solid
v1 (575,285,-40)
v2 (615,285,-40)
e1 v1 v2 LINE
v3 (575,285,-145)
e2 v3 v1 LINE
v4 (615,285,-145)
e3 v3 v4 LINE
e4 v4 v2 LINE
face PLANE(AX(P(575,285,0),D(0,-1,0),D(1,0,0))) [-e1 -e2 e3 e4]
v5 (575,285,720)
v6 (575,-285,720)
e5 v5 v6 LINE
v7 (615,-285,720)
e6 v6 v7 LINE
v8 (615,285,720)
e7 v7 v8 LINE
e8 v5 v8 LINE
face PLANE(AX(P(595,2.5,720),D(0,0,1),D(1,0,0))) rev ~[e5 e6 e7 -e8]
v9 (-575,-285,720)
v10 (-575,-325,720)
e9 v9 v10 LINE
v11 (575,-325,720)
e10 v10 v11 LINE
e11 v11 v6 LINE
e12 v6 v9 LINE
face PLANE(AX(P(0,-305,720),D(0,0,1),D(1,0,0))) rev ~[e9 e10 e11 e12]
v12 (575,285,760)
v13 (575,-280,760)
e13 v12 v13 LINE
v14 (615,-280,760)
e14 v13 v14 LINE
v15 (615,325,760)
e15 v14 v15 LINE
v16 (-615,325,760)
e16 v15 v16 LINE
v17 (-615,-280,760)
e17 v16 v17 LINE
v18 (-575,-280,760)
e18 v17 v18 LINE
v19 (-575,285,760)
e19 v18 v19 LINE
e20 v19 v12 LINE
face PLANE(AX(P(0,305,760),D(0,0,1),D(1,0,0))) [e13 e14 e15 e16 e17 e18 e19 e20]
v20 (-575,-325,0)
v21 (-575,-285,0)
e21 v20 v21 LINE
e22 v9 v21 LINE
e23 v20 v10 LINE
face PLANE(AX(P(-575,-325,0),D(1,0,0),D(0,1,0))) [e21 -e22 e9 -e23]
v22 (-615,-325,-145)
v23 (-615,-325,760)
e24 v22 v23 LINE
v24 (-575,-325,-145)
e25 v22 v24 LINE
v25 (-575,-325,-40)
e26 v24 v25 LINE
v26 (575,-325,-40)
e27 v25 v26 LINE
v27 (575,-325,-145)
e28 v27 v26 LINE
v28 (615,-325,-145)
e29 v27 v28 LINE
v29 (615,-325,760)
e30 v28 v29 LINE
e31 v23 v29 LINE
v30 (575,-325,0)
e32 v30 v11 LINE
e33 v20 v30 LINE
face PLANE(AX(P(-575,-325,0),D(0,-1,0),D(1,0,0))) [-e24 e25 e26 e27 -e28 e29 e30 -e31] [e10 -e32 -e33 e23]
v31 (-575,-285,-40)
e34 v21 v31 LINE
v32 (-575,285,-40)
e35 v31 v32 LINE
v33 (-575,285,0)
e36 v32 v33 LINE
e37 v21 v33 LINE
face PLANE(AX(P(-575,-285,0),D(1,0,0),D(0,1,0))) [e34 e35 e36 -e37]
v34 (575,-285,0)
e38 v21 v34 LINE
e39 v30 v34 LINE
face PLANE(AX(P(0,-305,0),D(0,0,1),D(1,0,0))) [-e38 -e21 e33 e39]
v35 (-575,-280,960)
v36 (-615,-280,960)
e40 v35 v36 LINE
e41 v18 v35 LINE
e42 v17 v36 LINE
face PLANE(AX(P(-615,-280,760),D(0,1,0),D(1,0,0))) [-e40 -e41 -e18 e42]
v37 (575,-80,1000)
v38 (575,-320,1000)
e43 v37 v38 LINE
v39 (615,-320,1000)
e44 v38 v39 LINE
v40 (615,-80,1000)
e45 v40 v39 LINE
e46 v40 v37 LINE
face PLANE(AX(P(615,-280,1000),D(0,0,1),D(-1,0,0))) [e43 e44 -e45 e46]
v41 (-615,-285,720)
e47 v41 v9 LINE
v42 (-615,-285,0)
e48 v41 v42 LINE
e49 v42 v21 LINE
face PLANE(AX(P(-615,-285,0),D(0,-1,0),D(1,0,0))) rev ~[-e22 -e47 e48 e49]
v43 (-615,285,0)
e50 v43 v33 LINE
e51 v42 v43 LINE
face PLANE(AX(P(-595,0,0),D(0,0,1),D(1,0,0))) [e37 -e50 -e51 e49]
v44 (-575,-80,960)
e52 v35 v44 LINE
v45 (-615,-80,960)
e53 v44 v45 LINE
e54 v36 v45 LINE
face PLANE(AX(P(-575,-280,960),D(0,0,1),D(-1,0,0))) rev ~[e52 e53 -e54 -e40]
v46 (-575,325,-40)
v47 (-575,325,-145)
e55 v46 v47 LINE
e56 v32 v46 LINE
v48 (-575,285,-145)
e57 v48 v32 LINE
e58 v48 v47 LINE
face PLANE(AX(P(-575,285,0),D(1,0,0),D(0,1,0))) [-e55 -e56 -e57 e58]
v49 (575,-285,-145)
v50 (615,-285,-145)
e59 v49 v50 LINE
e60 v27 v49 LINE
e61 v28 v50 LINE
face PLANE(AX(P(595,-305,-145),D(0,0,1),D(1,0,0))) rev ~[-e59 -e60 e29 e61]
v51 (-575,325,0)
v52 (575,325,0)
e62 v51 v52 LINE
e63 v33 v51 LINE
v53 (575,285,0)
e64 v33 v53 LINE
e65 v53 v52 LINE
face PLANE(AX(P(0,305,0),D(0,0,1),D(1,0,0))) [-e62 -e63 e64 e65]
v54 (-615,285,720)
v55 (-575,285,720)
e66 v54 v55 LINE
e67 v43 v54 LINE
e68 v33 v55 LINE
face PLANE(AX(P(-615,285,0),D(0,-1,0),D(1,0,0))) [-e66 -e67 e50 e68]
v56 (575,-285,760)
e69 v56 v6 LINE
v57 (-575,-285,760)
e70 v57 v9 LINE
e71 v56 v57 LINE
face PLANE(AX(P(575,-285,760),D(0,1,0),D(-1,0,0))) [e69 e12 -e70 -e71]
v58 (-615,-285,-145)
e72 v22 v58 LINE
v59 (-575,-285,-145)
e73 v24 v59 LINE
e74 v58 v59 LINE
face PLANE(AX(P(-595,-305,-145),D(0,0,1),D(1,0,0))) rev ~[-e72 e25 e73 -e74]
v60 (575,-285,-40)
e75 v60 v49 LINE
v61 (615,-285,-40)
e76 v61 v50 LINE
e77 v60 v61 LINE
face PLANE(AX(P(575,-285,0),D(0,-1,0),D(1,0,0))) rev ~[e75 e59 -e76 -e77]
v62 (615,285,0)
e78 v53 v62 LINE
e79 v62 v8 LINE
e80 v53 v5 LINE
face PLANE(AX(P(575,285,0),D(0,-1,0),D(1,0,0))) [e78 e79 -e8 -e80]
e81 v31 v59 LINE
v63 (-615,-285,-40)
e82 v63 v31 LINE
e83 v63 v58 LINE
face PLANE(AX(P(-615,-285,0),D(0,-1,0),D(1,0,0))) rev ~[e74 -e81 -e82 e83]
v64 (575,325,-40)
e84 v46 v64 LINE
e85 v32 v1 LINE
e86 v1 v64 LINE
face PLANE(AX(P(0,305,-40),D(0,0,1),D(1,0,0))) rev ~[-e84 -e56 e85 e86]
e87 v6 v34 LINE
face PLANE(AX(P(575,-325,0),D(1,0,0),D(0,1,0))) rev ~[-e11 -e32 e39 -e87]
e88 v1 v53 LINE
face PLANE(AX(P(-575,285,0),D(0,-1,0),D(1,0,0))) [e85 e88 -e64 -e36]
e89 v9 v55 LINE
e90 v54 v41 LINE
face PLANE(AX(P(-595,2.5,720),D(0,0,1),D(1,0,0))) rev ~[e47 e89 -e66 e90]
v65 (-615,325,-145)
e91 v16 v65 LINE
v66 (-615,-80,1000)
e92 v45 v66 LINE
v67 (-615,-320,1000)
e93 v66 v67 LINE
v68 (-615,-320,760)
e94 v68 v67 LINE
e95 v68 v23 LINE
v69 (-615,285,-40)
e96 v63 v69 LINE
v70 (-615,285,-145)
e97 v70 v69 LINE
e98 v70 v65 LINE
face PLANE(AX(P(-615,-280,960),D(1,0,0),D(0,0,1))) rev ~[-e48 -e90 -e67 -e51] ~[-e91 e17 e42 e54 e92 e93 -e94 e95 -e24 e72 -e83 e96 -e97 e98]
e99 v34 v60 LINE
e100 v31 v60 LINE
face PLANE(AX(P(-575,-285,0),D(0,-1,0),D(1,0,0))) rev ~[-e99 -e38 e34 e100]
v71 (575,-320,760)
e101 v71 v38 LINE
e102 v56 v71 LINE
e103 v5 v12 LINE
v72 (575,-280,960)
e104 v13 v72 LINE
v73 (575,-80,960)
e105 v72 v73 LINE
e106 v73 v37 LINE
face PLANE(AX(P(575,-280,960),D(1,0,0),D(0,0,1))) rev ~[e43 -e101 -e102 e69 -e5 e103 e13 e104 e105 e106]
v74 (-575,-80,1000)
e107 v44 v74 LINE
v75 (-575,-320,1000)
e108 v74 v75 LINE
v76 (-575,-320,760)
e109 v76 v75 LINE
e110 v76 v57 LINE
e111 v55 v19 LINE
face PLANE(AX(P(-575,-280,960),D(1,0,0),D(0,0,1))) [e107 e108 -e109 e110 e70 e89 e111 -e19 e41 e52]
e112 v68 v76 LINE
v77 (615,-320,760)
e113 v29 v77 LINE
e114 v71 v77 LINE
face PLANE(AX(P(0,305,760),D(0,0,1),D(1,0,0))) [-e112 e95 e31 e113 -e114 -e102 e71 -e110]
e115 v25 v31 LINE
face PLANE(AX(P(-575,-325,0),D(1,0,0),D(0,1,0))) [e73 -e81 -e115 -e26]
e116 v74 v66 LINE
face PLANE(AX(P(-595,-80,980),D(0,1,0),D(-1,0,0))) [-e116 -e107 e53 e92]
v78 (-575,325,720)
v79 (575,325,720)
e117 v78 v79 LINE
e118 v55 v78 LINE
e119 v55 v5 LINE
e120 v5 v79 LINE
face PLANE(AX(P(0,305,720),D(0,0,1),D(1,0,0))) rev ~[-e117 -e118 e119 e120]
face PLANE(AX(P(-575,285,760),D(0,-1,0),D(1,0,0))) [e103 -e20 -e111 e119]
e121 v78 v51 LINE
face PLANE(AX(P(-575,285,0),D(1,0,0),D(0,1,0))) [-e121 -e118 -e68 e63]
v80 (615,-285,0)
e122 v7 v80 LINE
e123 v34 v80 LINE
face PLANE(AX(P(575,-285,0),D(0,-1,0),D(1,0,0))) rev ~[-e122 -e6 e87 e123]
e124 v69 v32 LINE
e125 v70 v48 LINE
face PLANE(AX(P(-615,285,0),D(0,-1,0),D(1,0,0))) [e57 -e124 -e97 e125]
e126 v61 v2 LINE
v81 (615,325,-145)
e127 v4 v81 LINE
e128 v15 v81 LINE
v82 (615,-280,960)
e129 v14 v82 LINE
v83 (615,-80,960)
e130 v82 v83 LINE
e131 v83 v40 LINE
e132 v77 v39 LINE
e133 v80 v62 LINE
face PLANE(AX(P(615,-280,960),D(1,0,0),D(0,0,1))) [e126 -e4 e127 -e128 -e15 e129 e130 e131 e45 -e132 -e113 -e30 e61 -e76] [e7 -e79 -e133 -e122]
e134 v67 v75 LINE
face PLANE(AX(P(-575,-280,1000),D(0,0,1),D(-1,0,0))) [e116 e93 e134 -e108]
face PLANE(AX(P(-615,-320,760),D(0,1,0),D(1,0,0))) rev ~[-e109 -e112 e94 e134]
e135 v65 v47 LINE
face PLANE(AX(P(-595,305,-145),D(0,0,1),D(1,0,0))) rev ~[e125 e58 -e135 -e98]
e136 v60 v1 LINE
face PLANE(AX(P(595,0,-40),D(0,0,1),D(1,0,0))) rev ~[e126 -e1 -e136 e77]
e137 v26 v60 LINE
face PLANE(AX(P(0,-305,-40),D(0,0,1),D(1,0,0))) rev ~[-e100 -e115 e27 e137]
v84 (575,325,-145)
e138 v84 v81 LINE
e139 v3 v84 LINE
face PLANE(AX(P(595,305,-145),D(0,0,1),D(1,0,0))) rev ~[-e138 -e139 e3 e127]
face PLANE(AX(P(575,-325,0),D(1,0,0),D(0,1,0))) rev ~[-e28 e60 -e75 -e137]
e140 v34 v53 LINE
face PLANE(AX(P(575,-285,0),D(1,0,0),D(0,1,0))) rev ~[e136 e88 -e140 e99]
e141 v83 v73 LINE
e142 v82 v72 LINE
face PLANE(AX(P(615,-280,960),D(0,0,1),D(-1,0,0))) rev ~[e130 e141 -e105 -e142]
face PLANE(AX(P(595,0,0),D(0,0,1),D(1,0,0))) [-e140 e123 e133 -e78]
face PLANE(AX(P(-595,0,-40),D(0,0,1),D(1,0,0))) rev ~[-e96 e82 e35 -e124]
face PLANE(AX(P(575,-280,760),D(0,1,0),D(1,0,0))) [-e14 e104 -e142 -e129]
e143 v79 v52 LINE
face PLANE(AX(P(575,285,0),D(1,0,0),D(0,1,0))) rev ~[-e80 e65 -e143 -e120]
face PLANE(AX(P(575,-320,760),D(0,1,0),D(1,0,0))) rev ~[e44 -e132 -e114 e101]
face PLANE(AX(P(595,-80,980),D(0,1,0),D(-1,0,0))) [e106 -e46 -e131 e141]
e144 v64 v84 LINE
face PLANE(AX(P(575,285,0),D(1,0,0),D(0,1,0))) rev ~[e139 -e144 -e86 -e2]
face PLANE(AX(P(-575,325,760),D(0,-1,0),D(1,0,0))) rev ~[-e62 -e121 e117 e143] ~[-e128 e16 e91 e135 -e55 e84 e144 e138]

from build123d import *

# Parameters (mm, degrees)
F0_W          = 40
F0_H          = 40
F1_DEPTH      = 760
F1_DEPTH_BACK = 145
F2_W          = 1150
F2_H          = 40
F2_W_2        = 40
F2_H_2        = 565
F2_H_3        = 5
F3_DEPTH      = 40
F0_W_2        = 1150
F0_H_2        = 570
F4_DEPTH      = 40
F2_H_4        = 35
F5_DEPTH      = 240
F6_W          = 40
F6_H          = 40
F7_DEPTH      = 200
F8_W          = 40
F8_H          = 40
F9_DEPTH      = 200


with BuildPart() as f1:
    # F0 (on Top) → F1 (new body, two sides)
    with BuildSketch(Plane.XY) as f1_sk:
        with Locations((595, 305)):
            Rectangle(F0_W, F0_H)
    extrude(amount=F1_DEPTH)
    extrude(f1_sk.sketch, amount=-F1_DEPTH_BACK)



with BuildPart() as f1b:
    # F0 (on Top) → F1, piece 2 (new body, two sides)
    with BuildSketch(Plane.XY) as f1_2_sk:
        with Locations((-595, 305)):
            Rectangle(F0_W, F0_H)
    extrude(amount=F1_DEPTH)
    extrude(f1_2_sk.sketch, amount=-F1_DEPTH_BACK)


with BuildPart() as f1c:
    # F0 (on Top) → F1, piece 3 (new body, two sides)
    with BuildSketch(Plane.XY) as f1_3_sk:
        with Locations((-595, -305)):
            Rectangle(F0_W, F0_H)
    extrude(amount=F1_DEPTH)
    extrude(f1_3_sk.sketch, amount=-F1_DEPTH_BACK)


with BuildPart() as f1d:
    # F0 (on Top) → F1, piece 4 (new body, two sides)
    with BuildSketch(Plane.XY) as f1_4_sk:
        with Locations((595, -305)):
            Rectangle(F0_W, F0_H)
    extrude(amount=F1_DEPTH)
    extrude(f1_4_sk.sketch, amount=-F1_DEPTH_BACK)


with BuildPart() as f1_1:
    add(f1.part)

    add(f1b.part)  # F3 merges F1b

    add(f1c.part)  # F3 merges F1c

    add(f1d.part)  # F3 merges F1d
    # F2 (on face) → F3 (join)
    with BuildSketch(Plane.XY.offset(760)):
        with Locations((0, 305)):
            Rectangle(F2_W, F2_H)
        with Locations((595, 2.5)):
            Rectangle(F2_W_2, F2_H_2)
        Polygon((-575, -325), (575, -325), (575, -320), (575, -285), (-575, -285), (-575, -320), align=None)
        with Locations((-595, 2.5)):
            Rectangle(F2_W_2, F2_H_2)
        with Locations((-595, -282.5)):
            Rectangle(F2_W_2, F2_H_3)
        with Locations((595, -282.5)):
            Rectangle(F2_W_2, F2_H_3)
    extrude(amount=-F3_DEPTH)

    # F0 (on Top) → F4 (join)
    with BuildSketch(Plane.XY):
        with Locations((0, -305)):
            Rectangle(F0_W_2, F0_H)
        with Locations((595, 0)):
            Rectangle(F0_W, F0_H_2)
        with Locations((0, 305)):
            Rectangle(F0_W_2, F0_H)
        with Locations((-595, 0)):
            Rectangle(F0_W, F0_H_2)
    extrude(amount=-F4_DEPTH)

    # F2 (on face) → F5 (join)
    with BuildSketch(Plane.XY.offset(760)):
        with Locations((-595, -302.5)):
            Rectangle(F2_W_2, F2_H_4)
        with Locations((-595, -282.5)):
            Rectangle(F2_W_2, F2_H_3)
        with Locations((595, -302.5)):
            Rectangle(F2_W_2, F2_H_4)
        with Locations((595, -282.5)):
            Rectangle(F2_W_2, F2_H_3)
    extrude(amount=F5_DEPTH)

    # F6 (on face) → F7 (join)
    with BuildSketch(Plane(origin=(0, -280, 0), x_dir=(-1, 0, 0), z_dir=(0, 1, 0))):
        with Locations((-595, 980)):
            Rectangle(F6_W, F6_H)
    extrude(amount=F7_DEPTH)

    # F8 (on face) → F9 (join)
    with BuildSketch(Plane(origin=(0, -280, 0), x_dir=(-1, 0, 0), z_dir=(0, 1, 0))):
        with Locations((595, 980)):
            Rectangle(F8_W, F8_H)
    extrude(amount=F9_DEPTH)


solid = f1_1.part
